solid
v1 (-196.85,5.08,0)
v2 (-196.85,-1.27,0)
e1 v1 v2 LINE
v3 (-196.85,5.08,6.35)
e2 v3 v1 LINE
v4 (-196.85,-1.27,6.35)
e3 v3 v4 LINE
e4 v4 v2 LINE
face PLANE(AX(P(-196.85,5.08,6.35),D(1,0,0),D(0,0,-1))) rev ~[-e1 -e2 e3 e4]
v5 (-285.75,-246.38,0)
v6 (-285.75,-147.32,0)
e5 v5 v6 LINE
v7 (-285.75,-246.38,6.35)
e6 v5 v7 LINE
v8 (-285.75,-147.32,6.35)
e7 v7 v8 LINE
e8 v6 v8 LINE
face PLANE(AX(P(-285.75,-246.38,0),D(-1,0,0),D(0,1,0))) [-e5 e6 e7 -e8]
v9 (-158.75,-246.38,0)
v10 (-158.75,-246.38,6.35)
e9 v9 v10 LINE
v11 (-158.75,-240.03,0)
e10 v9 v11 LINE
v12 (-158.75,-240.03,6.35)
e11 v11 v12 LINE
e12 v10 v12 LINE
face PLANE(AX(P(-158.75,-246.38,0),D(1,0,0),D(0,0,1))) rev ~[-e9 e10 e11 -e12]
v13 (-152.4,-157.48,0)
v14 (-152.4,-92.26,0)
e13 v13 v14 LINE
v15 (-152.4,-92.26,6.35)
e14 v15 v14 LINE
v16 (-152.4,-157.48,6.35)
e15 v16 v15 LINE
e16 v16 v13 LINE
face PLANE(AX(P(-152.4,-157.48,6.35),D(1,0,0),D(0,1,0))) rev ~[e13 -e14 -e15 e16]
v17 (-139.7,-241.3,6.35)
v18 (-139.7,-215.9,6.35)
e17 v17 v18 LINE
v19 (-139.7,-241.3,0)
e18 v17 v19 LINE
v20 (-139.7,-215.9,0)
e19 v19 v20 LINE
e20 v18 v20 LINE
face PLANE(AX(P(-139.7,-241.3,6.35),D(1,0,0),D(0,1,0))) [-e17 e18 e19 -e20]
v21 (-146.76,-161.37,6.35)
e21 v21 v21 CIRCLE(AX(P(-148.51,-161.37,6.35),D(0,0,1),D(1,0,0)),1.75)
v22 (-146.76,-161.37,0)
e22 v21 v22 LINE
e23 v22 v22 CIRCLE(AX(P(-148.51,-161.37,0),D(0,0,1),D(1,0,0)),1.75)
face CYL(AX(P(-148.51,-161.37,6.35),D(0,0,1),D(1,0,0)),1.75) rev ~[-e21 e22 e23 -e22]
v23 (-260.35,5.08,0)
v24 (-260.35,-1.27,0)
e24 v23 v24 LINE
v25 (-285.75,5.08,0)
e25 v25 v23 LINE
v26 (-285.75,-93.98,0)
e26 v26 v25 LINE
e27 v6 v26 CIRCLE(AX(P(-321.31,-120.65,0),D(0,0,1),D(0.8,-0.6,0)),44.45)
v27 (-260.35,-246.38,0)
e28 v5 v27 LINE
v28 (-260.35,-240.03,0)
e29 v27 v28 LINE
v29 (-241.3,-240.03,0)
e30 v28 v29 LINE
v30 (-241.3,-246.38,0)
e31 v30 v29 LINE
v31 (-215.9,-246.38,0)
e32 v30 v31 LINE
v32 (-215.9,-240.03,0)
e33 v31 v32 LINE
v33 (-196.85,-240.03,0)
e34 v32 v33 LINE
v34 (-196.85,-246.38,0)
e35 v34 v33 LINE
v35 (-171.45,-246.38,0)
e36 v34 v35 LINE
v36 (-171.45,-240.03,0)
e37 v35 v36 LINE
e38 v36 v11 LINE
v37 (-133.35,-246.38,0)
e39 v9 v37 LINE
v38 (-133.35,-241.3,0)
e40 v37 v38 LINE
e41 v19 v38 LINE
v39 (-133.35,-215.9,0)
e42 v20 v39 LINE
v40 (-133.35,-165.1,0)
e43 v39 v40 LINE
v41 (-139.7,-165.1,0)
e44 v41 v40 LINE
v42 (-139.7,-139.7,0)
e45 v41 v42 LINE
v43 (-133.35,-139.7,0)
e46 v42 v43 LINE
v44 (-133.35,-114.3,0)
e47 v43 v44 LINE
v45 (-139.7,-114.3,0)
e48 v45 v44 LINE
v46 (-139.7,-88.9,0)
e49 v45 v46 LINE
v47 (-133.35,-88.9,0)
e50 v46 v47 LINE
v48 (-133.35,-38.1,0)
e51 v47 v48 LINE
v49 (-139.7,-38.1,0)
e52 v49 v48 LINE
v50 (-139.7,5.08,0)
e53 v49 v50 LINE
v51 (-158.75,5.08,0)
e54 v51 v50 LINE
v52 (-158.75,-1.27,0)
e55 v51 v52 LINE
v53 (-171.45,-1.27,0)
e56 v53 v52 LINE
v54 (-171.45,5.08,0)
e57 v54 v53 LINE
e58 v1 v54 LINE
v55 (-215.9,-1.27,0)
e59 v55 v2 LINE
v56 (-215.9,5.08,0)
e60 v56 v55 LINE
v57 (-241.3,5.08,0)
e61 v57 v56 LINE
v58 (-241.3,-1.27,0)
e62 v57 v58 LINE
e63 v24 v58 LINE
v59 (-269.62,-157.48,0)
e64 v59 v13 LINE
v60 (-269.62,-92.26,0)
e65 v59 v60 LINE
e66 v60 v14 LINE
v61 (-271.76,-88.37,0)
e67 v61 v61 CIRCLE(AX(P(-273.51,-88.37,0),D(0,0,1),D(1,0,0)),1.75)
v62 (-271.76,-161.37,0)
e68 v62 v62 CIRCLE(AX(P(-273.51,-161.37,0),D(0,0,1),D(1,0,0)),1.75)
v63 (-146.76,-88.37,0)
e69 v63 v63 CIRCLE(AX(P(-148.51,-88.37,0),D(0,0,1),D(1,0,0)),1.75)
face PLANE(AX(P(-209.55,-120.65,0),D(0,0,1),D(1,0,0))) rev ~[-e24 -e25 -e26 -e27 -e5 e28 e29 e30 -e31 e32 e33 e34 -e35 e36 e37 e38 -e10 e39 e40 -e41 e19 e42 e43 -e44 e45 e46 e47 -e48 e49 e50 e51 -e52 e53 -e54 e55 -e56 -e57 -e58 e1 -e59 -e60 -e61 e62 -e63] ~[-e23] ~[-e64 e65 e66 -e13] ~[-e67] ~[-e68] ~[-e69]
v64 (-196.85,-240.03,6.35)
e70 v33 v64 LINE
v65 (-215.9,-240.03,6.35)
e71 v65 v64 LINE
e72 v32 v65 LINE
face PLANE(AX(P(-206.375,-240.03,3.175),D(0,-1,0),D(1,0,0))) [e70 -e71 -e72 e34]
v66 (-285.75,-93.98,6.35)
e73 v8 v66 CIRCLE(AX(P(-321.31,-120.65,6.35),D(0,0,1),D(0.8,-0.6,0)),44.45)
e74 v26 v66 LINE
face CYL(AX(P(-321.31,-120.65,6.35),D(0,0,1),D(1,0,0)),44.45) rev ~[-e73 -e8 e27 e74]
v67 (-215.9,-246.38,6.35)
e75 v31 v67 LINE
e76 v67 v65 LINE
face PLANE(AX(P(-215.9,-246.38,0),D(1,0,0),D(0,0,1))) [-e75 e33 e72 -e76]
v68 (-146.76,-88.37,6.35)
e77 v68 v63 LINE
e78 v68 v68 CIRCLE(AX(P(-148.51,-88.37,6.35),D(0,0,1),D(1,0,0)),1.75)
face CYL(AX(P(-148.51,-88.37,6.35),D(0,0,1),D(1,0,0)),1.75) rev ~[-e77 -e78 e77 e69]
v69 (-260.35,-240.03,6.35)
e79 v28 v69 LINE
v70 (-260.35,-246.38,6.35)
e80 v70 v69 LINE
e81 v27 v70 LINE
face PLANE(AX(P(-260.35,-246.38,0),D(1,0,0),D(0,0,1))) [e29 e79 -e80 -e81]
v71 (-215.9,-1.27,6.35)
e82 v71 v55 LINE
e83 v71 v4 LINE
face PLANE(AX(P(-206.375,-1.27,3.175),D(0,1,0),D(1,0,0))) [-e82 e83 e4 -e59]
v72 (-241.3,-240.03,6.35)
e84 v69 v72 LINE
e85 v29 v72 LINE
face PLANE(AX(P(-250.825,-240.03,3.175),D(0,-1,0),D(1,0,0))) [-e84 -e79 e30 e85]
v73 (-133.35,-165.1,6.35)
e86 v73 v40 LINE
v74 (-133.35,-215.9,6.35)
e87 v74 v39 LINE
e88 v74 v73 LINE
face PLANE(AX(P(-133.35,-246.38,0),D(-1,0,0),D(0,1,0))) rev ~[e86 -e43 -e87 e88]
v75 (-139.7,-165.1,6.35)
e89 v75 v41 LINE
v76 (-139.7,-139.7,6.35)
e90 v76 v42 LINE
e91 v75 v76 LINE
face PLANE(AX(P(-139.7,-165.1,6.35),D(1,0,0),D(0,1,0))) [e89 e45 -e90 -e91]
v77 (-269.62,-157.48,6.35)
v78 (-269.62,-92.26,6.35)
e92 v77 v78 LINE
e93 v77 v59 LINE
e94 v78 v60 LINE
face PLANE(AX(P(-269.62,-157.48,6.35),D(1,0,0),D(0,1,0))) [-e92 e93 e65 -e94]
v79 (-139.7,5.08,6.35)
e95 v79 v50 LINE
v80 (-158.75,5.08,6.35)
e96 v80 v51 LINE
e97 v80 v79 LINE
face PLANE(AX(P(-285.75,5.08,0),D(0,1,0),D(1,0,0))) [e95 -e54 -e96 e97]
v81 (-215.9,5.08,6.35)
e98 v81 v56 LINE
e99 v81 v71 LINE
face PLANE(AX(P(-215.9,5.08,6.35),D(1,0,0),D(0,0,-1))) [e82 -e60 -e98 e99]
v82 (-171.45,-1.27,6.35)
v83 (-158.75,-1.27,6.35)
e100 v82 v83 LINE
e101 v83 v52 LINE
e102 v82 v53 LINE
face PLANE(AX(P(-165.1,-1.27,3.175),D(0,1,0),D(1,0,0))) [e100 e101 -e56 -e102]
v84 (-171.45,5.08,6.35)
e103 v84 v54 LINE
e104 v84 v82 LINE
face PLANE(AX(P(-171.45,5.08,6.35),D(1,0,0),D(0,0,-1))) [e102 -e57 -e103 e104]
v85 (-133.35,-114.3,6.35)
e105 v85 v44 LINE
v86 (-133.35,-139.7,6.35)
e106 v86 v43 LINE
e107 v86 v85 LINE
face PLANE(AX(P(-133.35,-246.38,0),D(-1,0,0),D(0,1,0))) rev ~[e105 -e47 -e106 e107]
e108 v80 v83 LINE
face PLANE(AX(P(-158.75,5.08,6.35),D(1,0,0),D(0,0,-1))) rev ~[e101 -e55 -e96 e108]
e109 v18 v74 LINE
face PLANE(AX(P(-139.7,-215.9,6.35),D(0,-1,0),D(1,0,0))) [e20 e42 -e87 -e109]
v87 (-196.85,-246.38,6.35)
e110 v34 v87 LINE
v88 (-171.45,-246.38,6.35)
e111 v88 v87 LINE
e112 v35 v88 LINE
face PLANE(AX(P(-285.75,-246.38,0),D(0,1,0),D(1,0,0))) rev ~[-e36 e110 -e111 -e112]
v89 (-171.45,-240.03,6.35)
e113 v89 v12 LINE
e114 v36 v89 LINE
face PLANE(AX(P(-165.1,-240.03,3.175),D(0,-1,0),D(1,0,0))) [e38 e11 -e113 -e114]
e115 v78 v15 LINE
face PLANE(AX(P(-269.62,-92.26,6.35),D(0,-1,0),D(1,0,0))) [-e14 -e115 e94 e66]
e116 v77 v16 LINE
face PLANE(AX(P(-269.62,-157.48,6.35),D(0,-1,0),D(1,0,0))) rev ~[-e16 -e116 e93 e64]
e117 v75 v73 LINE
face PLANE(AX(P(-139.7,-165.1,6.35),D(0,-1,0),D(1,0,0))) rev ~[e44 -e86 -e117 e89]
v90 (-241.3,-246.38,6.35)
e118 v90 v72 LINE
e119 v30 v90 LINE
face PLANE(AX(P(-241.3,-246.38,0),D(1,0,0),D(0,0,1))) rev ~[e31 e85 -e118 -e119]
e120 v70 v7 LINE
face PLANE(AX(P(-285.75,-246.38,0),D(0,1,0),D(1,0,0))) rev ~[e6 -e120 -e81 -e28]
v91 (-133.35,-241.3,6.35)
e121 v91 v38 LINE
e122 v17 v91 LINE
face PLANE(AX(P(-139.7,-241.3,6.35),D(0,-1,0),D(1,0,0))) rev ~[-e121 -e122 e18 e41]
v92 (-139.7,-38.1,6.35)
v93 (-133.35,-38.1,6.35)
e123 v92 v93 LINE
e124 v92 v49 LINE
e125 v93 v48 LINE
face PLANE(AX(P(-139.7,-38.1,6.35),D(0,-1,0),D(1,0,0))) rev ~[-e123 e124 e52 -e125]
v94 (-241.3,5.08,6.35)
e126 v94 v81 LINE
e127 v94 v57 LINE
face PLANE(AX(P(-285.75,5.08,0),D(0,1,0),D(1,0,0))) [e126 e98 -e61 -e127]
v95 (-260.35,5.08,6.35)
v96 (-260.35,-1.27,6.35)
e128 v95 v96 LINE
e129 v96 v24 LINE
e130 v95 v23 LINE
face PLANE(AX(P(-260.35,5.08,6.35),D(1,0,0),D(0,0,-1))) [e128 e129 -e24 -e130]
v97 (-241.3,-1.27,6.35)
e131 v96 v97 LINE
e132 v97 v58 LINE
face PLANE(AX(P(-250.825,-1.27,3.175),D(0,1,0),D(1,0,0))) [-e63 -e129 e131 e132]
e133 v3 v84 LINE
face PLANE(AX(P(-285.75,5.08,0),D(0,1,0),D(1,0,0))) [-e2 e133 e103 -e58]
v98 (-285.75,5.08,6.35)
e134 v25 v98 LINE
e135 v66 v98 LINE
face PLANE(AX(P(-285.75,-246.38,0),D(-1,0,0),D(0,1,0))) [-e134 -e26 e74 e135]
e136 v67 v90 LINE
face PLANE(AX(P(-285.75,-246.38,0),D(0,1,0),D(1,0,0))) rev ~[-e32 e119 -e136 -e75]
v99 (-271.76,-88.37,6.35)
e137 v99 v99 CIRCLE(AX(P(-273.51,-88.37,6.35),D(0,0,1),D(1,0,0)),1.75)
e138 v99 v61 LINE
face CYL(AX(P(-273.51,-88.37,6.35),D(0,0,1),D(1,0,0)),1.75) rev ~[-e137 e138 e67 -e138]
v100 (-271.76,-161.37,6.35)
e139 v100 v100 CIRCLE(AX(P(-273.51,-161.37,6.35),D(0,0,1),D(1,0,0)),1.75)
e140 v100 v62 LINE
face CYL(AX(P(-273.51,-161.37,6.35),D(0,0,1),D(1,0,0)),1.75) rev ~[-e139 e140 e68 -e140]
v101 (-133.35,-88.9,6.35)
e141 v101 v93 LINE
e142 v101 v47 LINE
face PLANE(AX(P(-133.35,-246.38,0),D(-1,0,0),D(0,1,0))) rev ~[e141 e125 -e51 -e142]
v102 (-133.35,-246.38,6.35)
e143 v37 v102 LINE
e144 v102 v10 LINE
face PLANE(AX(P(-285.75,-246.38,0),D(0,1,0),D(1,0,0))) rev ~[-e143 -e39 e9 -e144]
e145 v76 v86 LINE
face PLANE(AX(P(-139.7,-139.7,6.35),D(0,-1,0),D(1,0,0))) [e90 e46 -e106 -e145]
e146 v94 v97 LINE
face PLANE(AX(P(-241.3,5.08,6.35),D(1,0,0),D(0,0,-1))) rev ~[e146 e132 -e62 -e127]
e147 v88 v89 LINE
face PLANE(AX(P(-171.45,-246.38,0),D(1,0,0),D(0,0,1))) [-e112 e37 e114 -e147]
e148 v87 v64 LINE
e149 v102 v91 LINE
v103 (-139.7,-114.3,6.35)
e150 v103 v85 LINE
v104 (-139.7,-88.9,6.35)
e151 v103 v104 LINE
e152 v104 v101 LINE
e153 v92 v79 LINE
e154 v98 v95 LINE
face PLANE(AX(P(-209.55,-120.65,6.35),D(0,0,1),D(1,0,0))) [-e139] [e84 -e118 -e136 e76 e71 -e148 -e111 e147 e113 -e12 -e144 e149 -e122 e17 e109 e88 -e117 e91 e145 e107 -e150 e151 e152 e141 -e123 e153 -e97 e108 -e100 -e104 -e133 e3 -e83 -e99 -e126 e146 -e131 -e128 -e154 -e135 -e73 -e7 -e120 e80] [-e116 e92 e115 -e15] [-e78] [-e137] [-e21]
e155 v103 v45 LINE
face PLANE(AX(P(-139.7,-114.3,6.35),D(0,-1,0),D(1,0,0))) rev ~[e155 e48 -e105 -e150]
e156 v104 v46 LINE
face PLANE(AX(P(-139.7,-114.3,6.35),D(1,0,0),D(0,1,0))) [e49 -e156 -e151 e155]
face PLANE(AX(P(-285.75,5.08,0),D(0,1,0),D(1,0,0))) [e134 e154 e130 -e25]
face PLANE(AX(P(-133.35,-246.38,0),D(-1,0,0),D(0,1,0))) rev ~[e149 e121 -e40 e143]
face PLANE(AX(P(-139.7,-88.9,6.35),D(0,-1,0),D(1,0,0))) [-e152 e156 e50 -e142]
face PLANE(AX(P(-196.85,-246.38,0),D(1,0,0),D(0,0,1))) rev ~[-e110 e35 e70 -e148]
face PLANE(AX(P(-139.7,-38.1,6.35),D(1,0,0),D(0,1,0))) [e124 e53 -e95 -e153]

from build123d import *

# Parameters (mm, degrees)
SKETCH1_W               = 152.4
SKETCH1_H               = 251.46
BOSS_EXTRUDE1_DEPTH     = 6.35
SKETCH2_W               = 19.05
SKETCH2_H               = 6.35
SKETCH2_W_2             = 12.7
CUT_EXTRUDE1_DEPTH      = 6.35
SKETCH3_W               = 19.05
SKETCH3_H               = 6.35
SKETCH3_W_2             = 12.7
CUT_EXTRUDE2_DEPTH      = 1
CUT_EXTRUDE2_DEPTH_BACK = 6.35
SKETCH4_W               = 6.35
SKETCH4_H               = 25.4
SKETCH4_H_2             = 43.18
CUT_EXTRUDE3_DEPTH      = 6.35
SKETCH5_R               = 44.45
CUT_EXTRUDE4_DEPTH      = 7.35
SKETCH6_W               = 117.22
SKETCH6_H               = 65.22
SKETCH6_R               = 1.75
CUT_EXTRUDE5_DEPTH      = 7.35


with BuildPart() as part:
    # Sketch1 → Boss-Extrude1 (new body)
    with BuildSketch(Plane.XY):
        with Locations((-209.55, -120.65)):
            Rectangle(SKETCH1_W, SKETCH1_H)
    extrude(amount=BOSS_EXTRUDE1_DEPTH)

    # Sketch2 → Cut-Extrude1 (cut)
    with BuildSketch(Plane(origin=(0, 5.08, 0), x_dir=(1, 0, 0), z_dir=(0, 1, 0))):
        with Locations((-250.825, -3.175)):
            Rectangle(SKETCH2_W, SKETCH2_H)
        with Locations((-206.375, -3.175)):
            Rectangle(SKETCH2_W, SKETCH2_H)
        with Locations((-165.1, -3.175)):
            Rectangle(SKETCH2_W_2, SKETCH2_H)
    extrude(amount=-CUT_EXTRUDE1_DEPTH, mode=Mode.SUBTRACT)

    # Sketch3 → Cut-Extrude2 (cut, two sides)
    with BuildSketch(Plane.XZ.offset(246.38)) as cut_extrude2_sk:
        with Locations((-250.825, 3.175)):
            Rectangle(SKETCH3_W, SKETCH3_H)
        with Locations((-206.375, 3.175)):
            Rectangle(SKETCH3_W, SKETCH3_H)
        with Locations((-165.1, 3.175)):
            Rectangle(SKETCH3_W_2, SKETCH3_H)
    extrude(amount=CUT_EXTRUDE2_DEPTH, mode=Mode.SUBTRACT)
    extrude(cut_extrude2_sk.sketch, amount=-CUT_EXTRUDE2_DEPTH_BACK, mode=Mode.SUBTRACT)

    # Sketch4 → Cut-Extrude3 (cut)
    with BuildSketch(Plane.XY.offset(6.35)):
        with Locations((-136.525, -152.4)):
            Rectangle(SKETCH4_W, SKETCH4_H)
        with Locations((-136.525, -101.6)):
            Rectangle(SKETCH4_W, SKETCH4_H)
        with Locations((-136.525, -16.51)):
            Rectangle(SKETCH4_W, SKETCH4_H_2)
        with Locations((-136.525, -228.6)):
            Rectangle(SKETCH4_W, SKETCH4_H)
    extrude(amount=-CUT_EXTRUDE3_DEPTH, mode=Mode.SUBTRACT)

    # Sketch5 → Cut-Extrude4 (cut, through all)
    with BuildSketch(Plane.XY.offset(6.35)):
        with Locations((-321.31, -120.65)):
            Circle(SKETCH5_R)
    extrude(amount=-CUT_EXTRUDE4_DEPTH, mode=Mode.SUBTRACT)

    # Sketch6 → Cut-Extrude5 (cut, through all)
    with BuildSketch(Plane.XY.offset(6.35)):
        with Locations((-211.01, -124.87)):
            Rectangle(SKETCH6_W, SKETCH6_H)
        with Locations((-273.51, -88.37)):
            Circle(SKETCH6_R)
        with Locations((-273.51, -161.37)):
            Circle(SKETCH6_R)
        with Locations((-148.51, -88.37)):
            Circle(SKETCH6_R)
        with Locations((-148.51, -161.37)):
            Circle(SKETCH6_R)
    extrude(amount=-CUT_EXTRUDE5_DEPTH, mode=Mode.SUBTRACT)


solid = part.part
